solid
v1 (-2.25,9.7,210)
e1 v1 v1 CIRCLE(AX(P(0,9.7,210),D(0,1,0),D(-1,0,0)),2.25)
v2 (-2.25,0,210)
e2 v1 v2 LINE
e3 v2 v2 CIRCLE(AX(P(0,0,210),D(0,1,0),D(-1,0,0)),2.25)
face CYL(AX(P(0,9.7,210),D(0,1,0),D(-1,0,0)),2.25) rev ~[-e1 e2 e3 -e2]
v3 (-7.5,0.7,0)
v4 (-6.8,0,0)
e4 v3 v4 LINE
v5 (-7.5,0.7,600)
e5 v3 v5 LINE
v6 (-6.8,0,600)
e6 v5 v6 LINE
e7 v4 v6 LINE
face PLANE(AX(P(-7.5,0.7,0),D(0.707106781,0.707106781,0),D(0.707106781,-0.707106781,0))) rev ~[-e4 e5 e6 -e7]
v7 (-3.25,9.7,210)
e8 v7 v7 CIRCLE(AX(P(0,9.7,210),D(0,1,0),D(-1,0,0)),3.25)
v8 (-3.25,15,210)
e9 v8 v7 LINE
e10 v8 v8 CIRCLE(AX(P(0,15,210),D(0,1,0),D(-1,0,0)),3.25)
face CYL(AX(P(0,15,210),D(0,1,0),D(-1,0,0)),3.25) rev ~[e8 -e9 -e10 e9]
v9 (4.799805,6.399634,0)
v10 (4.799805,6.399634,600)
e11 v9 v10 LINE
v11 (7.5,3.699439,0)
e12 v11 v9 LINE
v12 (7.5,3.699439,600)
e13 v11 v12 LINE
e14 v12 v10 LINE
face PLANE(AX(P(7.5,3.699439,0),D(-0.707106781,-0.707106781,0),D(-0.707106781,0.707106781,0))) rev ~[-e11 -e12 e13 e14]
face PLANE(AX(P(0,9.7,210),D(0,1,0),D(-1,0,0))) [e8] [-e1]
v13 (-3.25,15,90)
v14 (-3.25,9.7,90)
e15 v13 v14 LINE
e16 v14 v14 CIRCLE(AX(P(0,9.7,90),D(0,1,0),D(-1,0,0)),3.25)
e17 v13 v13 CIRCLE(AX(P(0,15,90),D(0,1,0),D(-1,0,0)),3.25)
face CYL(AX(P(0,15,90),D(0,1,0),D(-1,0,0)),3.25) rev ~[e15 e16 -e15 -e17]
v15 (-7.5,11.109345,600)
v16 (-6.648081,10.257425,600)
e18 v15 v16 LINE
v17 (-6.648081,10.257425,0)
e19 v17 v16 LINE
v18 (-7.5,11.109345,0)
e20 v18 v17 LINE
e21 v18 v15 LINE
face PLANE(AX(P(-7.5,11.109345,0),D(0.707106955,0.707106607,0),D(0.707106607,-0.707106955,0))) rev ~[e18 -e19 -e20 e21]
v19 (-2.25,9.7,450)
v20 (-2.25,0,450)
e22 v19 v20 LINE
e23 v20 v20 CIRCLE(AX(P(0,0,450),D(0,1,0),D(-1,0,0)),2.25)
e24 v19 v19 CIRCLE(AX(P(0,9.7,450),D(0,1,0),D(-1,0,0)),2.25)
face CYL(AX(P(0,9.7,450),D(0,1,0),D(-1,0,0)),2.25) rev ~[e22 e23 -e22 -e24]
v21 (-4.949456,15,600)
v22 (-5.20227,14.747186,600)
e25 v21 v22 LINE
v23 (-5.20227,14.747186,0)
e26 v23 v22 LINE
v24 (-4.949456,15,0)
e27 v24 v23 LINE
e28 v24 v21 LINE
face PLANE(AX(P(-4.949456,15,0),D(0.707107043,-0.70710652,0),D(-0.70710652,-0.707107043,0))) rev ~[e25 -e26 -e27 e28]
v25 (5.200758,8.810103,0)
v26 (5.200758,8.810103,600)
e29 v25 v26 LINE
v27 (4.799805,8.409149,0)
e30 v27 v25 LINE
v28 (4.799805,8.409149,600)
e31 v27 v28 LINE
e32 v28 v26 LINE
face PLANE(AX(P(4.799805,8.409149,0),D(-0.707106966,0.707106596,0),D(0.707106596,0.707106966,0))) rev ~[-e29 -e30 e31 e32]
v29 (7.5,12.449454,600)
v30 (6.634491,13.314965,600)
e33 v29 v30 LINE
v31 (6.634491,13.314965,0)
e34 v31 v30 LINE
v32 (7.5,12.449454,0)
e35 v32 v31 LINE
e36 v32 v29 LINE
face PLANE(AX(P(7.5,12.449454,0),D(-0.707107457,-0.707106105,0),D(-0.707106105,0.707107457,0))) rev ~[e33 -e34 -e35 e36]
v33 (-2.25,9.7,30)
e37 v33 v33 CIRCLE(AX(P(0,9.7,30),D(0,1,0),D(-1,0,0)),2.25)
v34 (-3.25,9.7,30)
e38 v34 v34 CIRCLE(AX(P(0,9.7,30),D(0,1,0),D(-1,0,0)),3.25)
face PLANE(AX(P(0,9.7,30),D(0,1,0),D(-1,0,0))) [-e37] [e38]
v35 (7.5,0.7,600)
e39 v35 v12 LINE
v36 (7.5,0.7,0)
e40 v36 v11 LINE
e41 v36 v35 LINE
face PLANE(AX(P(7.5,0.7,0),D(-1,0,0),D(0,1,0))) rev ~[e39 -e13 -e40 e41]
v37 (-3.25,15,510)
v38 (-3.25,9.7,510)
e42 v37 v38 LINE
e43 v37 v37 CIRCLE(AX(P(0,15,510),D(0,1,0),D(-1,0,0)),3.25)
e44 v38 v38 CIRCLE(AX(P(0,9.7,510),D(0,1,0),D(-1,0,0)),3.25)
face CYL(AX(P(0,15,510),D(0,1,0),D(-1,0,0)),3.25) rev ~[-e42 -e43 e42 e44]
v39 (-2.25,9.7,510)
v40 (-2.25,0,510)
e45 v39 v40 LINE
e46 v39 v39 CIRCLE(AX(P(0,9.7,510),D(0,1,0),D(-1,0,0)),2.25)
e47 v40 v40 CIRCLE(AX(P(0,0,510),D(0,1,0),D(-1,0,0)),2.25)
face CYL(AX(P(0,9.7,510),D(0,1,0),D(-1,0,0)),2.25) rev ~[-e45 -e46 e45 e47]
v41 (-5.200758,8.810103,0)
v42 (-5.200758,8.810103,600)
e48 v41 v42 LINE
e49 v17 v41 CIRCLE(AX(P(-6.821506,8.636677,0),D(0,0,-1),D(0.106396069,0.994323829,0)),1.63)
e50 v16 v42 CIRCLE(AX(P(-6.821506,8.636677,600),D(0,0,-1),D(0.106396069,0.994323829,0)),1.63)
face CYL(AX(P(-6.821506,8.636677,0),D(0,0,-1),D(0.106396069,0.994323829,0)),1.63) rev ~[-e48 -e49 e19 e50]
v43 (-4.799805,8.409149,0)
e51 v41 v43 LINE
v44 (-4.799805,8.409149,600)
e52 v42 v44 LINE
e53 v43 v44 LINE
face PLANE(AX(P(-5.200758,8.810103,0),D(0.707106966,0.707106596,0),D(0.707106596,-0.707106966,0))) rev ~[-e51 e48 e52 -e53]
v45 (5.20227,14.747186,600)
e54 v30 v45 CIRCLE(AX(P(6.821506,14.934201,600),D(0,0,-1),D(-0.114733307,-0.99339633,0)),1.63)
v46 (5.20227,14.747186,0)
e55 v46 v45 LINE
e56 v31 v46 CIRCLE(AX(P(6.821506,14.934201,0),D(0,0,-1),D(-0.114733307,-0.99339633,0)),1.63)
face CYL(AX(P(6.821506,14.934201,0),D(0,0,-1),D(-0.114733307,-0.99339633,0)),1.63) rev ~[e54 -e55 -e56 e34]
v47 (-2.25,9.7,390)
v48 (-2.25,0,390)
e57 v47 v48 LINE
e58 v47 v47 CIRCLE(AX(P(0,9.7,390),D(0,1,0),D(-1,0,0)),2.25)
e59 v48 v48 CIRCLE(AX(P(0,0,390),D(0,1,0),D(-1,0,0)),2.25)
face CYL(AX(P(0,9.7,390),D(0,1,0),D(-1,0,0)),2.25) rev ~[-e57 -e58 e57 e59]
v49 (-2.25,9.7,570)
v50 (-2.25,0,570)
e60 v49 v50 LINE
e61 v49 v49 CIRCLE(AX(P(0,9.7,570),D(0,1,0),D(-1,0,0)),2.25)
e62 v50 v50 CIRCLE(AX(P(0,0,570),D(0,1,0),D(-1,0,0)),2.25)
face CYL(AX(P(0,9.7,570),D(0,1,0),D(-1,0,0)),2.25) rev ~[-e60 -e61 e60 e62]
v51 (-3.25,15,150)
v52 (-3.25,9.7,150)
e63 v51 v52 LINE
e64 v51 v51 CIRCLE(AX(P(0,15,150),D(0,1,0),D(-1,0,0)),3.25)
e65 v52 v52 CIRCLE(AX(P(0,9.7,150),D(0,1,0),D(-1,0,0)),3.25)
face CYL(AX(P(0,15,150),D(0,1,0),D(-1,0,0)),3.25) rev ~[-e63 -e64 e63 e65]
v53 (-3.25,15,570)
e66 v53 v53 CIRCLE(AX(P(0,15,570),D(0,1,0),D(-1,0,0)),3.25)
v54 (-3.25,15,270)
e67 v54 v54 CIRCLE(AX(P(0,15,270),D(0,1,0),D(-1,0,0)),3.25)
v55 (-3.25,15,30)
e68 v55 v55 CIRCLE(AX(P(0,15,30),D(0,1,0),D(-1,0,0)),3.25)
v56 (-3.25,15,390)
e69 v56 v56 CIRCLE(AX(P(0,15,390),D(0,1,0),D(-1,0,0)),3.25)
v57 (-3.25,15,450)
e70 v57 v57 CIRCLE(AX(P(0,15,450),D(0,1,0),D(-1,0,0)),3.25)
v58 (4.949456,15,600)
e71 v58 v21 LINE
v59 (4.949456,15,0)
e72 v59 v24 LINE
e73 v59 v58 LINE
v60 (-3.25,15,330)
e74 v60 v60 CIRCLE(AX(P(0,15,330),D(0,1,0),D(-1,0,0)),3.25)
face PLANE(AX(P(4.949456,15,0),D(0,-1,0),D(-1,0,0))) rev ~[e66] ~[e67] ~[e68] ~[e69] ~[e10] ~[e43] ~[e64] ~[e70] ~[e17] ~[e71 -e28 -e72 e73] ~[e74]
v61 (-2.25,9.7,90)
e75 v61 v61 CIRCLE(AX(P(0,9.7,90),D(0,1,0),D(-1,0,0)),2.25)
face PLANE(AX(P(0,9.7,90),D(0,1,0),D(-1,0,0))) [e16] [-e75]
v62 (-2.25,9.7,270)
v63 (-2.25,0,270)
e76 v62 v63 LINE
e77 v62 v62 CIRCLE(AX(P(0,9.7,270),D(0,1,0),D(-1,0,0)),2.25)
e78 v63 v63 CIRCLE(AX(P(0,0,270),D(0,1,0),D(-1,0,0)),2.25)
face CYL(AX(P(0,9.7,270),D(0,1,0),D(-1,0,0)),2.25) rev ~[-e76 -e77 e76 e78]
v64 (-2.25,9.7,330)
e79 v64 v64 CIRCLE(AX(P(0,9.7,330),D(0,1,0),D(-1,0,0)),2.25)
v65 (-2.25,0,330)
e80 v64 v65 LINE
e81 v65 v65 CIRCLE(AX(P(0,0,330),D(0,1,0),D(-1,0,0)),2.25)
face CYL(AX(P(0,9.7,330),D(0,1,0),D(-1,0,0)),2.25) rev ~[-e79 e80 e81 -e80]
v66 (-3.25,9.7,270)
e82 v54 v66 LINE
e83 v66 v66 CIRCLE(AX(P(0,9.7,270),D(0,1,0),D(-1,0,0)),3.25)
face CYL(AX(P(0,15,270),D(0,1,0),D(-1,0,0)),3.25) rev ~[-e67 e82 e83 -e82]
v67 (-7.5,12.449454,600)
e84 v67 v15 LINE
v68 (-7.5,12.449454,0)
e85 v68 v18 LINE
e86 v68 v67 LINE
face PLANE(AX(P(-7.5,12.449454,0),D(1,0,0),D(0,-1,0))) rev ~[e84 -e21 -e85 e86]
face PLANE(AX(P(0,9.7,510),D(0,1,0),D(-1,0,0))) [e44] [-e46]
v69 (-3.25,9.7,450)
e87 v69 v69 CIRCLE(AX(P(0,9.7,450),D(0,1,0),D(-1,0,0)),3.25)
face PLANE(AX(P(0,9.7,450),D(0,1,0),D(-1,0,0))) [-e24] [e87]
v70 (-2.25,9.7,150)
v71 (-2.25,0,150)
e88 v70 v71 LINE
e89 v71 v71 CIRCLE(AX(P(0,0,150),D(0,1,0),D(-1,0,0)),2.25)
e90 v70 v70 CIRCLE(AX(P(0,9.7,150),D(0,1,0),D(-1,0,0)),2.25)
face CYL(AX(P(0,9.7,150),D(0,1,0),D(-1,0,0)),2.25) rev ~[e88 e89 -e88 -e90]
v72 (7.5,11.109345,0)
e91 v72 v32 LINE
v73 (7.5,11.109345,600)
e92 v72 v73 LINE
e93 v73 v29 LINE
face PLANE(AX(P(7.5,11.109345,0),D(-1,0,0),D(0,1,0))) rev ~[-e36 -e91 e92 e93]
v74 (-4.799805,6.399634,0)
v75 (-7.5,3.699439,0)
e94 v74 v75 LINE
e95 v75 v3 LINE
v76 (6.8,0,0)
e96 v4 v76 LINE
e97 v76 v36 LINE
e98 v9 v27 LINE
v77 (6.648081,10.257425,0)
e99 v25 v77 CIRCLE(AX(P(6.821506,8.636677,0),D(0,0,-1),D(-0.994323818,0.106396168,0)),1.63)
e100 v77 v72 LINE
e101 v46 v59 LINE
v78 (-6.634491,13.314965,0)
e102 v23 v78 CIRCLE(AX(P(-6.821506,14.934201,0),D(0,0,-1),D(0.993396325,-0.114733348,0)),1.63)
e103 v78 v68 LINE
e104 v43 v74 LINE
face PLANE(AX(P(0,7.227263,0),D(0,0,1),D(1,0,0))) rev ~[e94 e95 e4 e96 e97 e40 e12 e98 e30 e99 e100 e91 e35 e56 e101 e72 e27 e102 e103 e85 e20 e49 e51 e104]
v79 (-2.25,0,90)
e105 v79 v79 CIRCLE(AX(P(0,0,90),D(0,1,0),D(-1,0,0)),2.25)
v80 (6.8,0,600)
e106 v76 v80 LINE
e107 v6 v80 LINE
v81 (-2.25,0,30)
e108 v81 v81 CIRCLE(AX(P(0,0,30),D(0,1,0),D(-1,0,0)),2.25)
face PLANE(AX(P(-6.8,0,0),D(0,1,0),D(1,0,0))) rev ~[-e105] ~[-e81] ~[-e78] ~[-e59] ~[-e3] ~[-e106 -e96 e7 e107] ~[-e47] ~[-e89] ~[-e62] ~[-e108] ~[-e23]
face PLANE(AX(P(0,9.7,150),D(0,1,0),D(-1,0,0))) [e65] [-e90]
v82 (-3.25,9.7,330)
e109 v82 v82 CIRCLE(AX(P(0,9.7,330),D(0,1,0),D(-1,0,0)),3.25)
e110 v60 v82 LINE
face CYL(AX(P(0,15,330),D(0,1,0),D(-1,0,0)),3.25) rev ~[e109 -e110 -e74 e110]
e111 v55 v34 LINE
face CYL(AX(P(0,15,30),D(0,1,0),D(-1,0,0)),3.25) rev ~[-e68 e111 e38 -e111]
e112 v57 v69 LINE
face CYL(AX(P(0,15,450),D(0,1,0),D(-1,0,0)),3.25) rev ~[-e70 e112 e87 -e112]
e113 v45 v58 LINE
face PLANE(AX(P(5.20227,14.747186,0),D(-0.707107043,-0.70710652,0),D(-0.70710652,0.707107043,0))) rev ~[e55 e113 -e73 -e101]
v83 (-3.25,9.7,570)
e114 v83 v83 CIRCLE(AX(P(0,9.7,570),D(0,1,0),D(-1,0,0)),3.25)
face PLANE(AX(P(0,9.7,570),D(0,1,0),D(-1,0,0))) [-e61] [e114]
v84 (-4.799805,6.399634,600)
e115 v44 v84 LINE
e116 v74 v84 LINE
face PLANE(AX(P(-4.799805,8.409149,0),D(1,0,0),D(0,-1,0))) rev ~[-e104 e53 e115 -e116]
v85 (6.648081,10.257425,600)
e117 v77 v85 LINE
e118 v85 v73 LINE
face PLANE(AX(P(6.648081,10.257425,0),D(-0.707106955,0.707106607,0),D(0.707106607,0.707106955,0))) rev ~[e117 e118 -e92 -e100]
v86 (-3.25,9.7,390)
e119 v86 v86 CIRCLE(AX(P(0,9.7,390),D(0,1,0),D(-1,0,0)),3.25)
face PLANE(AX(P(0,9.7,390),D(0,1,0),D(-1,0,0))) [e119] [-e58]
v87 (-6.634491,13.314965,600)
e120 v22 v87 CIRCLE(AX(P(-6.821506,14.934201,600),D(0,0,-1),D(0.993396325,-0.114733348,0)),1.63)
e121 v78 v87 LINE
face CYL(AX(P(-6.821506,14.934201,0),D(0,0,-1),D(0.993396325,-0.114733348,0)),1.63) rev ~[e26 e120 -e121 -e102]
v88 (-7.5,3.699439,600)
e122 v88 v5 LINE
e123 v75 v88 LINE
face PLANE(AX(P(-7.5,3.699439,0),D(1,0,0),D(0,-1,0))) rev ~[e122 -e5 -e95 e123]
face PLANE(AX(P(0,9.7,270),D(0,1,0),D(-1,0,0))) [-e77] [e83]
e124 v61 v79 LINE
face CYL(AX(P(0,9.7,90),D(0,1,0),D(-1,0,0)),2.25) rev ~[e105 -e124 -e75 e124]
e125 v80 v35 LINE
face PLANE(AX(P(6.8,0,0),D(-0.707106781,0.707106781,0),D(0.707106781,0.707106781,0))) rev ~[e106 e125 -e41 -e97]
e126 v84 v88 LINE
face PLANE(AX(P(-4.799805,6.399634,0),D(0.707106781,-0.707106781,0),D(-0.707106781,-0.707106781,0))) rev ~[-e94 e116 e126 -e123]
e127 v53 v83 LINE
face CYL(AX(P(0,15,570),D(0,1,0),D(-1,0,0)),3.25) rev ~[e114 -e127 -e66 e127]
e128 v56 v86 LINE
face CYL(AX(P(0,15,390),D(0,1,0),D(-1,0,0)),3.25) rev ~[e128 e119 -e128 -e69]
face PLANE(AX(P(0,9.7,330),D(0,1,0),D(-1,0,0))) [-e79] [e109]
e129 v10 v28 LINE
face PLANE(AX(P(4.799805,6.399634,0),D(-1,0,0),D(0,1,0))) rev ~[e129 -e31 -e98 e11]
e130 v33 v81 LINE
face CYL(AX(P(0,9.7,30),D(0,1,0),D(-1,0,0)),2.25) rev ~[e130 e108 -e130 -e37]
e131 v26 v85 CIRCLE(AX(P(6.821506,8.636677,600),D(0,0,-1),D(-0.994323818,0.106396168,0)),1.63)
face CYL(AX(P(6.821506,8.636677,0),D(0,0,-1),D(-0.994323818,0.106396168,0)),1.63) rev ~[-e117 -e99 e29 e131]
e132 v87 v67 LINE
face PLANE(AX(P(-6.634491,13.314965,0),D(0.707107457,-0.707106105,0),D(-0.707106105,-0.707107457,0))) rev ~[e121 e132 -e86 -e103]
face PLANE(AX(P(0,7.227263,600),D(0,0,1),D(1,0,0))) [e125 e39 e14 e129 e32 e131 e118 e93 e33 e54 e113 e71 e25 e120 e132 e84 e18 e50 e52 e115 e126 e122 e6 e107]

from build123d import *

# Parameters (mm, degrees)
EXTRUDE_1_DEPTH     = 600
SKETCH_2_R          = 3.25
CUT_EXTRUDE_1_DEPTH = 5.3
SKETCH_3_R          = 2.25
CUT_EXTRUDE_2_DEPTH = 601.125270256


with BuildPart() as part:
    # Model → Бобышка-Вытянуть1 (new body)
    with BuildSketch(Plane.XY):
        with BuildLine():
            Line((6.8, 0), (7.5, 0.7))
            Line((7.5, 0.7), (7.5, 3.6994391))
            Line((7.5, 3.6994391), (4.7998047, 6.3996344))
            Line((4.7998047, 6.3996344), (4.7998047, 8.409149262))
            Line((4.7998047, 8.409149262), (5.20075838, 8.810103152))
            ThreePointArc((5.20075838, 8.810103152), (5.668922208, 9.789261508), (6.648080611, 10.257425237))
            Line((6.648080611, 10.257425237), (7.5, 11.109345046))
            Line((7.5, 11.109345046), (7.5, 12.449454443))
            Line((7.5, 12.449454443), (6.634490912, 13.314965186))
            ThreePointArc((6.634490912, 13.314965186), (5.668922174, 13.781617126), (5.202270193, 14.747185846))
            Line((5.202270193, 14.747185846), (4.949456226, 15))
            Line((4.949456226, 15), (-4.949456226, 15))
            Line((-4.949456226, 15), (-5.202270193, 14.747185846))
            ThreePointArc((-5.202270193, 14.747185846), (-5.668922174, 13.781617126), (-6.634490912, 13.314965186))
            Line((-6.634490912, 13.314965186), (-7.5, 12.449454443))
            Line((-7.5, 12.449454443), (-7.5, 11.109345046))
            Line((-7.5, 11.109345046), (-6.648080611, 10.257425238))
            ThreePointArc((-6.648080611, 10.257425238), (-5.668922208, 9.789261508), (-5.20075838, 8.810103152))
            Line((-5.20075838, 8.810103152), (-4.7998047, 8.409149262))
            Line((-4.7998047, 8.409149262), (-4.7998047, 6.3996344))
            Line((-4.7998047, 6.3996344), (-7.5, 3.6994391))
            Line((-7.5, 3.6994391), (-7.5, 0.7))
            Line((-7.5, 0.7), (-6.8, 0))
            Line((-6.8, 0), (6.8, 0))
        make_face()
    extrude(amount=EXTRUDE_1_DEPTH)

    # Эскиз2 → Вырез-Вытянуть1 (cut)
    with BuildSketch(Plane(origin=(0, 15, 0), x_dir=(1, 0, 0), z_dir=(0, 1, 0))):
        with Locations(Location((0, -30, 0), (0, 0, 180))):
            Circle(SKETCH_2_R)
        with Locations(Location((0, -90, 0), (0, 0, 180))):
            Circle(SKETCH_2_R)
        with Locations(Location((0, -150, 0), (0, 0, 180))):
            Circle(SKETCH_2_R)
        with Locations(Location((0, -210, 0), (0, 0, 180))):
            Circle(SKETCH_2_R)
        with Locations(Location((0, -270, 0), (0, 0, 180))):
            Circle(SKETCH_2_R)
        with Locations(Location((0, -330, 0), (0, 0, 180))):
            Circle(SKETCH_2_R)
        with Locations(Location((0, -390, 0), (0, 0, 180))):
            Circle(SKETCH_2_R)
        with Locations(Location((0, -450, 0), (0, 0, 180))):
            Circle(SKETCH_2_R)
        with Locations(Location((0, -510, 0), (0, 0, 180))):
            Circle(SKETCH_2_R)
        with Locations(Location((0, -570, 0), (0, 0, 180))):
            Circle(SKETCH_2_R)
    extrude(amount=-CUT_EXTRUDE_1_DEPTH, mode=Mode.SUBTRACT)

    # Эскиз3 → Вырез-Вытянуть2 (cut, through all)
    with BuildSketch(Plane(origin=(0, 9.7, 0), x_dir=(1, 0, 0), z_dir=(0, 1, 0))):
        with Locations(Location((0, -30, 0), (0, 0, 180))):
            Circle(SKETCH_3_R)
        with Locations(Location((0, -90, 0), (0, 0, 180))):
            Circle(SKETCH_3_R)
        with Locations(Location((0, -150, 0), (0, 0, 180))):
            Circle(SKETCH_3_R)
        with Locations(Location((0, -210, 0), (0, 0, 180))):
            Circle(SKETCH_3_R)
        with Locations(Location((0, -270, 0), (0, 0, 180))):
            Circle(SKETCH_3_R)
        with Locations(Location((0, -330, 0), (0, 0, 180))):
            Circle(SKETCH_3_R)
        with Locations(Location((0, -390, 0), (0, 0, 180))):
            Circle(SKETCH_3_R)
        with Locations(Location((0, -450, 0), (0, 0, 180))):
            Circle(SKETCH_3_R)
        with Locations(Location((0, -510, 0), (0, 0, 180))):
            Circle(SKETCH_3_R)
        with Locations(Location((0, -570, 0), (0, 0, 180))):
            Circle(SKETCH_3_R)
    extrude(amount=-CUT_EXTRUDE_2_DEPTH, mode=Mode.SUBTRACT)


solid = part.part
